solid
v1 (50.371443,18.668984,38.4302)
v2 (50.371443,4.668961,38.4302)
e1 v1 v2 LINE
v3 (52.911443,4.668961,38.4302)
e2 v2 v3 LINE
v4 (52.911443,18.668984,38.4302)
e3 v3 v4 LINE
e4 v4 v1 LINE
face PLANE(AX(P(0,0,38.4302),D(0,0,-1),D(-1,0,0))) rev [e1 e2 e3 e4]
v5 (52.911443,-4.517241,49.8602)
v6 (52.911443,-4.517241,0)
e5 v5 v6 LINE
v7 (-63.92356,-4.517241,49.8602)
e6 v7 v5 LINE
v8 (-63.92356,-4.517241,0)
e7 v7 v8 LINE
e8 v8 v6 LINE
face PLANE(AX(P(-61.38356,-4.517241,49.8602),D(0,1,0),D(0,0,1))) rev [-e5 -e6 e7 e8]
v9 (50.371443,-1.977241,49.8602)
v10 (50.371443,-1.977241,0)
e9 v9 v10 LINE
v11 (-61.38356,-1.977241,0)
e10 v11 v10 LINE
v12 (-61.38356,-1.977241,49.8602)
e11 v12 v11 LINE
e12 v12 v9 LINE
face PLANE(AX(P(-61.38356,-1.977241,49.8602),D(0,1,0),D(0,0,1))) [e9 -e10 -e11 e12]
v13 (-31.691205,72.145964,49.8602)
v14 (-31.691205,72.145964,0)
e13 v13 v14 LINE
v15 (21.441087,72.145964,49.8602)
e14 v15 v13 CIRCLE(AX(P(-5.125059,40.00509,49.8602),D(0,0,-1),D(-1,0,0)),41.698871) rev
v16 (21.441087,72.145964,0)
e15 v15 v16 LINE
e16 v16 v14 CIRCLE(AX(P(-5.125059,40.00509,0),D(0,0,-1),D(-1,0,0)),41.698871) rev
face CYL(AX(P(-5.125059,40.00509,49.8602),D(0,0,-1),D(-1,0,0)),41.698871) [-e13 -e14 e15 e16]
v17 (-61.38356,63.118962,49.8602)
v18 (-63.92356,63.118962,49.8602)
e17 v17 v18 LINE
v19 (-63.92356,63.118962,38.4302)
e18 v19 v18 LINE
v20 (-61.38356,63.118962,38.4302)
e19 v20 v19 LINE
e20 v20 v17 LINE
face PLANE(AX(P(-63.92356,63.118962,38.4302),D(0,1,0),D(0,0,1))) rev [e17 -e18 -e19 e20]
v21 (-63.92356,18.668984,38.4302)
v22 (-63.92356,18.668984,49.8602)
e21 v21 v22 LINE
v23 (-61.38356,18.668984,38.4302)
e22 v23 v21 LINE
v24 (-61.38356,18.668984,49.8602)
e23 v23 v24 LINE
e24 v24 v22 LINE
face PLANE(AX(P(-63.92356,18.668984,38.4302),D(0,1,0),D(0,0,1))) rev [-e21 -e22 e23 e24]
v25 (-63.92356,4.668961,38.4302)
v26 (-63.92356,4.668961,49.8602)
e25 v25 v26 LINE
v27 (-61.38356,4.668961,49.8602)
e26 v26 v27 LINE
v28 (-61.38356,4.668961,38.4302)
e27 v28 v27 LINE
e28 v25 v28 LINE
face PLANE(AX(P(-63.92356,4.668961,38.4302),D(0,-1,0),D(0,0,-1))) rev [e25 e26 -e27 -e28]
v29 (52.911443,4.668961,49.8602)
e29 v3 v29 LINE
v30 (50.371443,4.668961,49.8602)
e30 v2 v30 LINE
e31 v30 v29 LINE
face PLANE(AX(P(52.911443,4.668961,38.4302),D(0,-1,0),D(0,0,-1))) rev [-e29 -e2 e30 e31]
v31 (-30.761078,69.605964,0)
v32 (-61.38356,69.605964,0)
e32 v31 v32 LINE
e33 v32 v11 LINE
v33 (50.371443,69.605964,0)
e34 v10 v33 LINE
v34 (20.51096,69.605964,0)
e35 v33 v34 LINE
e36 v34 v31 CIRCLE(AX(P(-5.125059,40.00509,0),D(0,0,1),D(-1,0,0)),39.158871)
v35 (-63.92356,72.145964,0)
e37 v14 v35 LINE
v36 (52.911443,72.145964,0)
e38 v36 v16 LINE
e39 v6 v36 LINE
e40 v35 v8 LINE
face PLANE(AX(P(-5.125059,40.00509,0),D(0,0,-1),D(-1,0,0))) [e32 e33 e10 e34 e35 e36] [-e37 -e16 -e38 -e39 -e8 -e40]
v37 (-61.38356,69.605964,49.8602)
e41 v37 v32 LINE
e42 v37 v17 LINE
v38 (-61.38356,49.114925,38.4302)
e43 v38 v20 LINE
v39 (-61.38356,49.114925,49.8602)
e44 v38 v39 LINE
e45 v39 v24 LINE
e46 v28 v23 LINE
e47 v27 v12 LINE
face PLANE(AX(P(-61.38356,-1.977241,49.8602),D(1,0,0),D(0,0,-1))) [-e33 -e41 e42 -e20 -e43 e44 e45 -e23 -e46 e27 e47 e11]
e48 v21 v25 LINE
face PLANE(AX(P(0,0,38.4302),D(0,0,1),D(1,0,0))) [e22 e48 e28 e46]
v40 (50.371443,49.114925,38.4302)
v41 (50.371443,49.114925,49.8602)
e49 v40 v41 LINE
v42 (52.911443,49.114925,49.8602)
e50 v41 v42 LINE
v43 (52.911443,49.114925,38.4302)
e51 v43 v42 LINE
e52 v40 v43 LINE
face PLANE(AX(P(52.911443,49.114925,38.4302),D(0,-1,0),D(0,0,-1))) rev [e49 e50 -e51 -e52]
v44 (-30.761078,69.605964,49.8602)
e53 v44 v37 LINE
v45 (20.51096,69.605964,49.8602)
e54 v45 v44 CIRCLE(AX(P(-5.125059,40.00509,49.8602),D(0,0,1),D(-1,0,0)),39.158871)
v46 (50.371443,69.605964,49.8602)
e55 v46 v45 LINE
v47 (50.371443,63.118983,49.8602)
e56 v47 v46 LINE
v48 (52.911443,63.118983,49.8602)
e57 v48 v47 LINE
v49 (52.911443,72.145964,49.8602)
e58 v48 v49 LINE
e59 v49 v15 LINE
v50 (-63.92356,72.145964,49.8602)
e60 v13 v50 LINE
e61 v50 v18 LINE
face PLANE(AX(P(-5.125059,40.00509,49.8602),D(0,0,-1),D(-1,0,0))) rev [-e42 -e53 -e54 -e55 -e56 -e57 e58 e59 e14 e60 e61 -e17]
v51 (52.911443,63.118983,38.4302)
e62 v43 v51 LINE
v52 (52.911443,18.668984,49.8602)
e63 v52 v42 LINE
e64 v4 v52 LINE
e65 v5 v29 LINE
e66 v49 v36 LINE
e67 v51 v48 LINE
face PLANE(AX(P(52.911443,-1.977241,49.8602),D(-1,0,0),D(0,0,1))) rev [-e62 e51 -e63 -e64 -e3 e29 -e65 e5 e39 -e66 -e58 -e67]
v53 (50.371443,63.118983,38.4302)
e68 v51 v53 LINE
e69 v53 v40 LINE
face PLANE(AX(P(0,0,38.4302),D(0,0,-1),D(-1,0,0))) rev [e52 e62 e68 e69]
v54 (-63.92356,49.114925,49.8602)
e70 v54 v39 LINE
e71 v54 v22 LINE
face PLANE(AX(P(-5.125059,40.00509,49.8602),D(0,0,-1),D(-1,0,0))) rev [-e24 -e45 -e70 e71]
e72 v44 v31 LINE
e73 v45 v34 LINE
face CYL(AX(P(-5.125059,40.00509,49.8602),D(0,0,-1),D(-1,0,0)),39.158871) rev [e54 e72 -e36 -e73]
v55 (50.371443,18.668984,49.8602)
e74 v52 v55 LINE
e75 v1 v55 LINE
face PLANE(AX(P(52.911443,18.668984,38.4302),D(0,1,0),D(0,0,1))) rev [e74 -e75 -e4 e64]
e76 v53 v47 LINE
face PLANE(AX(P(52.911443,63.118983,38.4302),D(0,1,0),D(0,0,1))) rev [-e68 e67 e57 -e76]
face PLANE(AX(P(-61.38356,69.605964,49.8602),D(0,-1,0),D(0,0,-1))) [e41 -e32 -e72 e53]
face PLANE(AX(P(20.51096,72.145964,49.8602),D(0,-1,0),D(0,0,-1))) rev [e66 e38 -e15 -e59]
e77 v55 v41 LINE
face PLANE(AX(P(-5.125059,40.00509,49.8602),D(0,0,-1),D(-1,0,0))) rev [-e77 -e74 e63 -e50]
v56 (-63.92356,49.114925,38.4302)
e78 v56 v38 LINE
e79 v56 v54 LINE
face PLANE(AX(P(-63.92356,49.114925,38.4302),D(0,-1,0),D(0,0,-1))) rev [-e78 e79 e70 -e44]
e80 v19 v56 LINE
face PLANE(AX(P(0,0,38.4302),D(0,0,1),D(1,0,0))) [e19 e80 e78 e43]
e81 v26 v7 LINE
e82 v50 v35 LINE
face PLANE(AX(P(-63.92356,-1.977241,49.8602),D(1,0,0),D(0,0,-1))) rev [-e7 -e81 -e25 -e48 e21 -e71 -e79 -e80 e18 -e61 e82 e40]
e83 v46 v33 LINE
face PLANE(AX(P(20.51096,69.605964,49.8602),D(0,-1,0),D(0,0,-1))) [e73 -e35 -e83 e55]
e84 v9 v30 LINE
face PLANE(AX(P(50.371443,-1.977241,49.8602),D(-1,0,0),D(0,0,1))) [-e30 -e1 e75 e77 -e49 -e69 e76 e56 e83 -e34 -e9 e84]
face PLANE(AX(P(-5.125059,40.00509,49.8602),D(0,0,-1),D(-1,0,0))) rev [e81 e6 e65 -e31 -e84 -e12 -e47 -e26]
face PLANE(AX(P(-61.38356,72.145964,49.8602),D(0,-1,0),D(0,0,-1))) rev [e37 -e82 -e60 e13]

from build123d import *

# Parameters (mm, degrees)
BOSS_EXTRUDE2_DEPTH = 49.8602
SHELL2_T            = 2.54
SKETCH4_W           = 2.54
SKETCH4_H           = 14.004037607
SKETCH4_H_2         = 14.000022482
SKETCH4_H_3         = 14.004058035
CUT_EXTRUDE1_DEPTH  = 11.43


with BuildPart() as part:
    # Sketch2 → Boss-Extrude2 (new body)
    with BuildSketch(Plane.XY):
        with BuildLine():
            Line((20.510960331, 69.60596379), (50.371443222, 69.60596379))
            Line((50.371443222, 69.60596379), (50.371443222, -1.977240525))
            Line((50.371443222, -1.977240525), (-61.38356009, -1.977240525))
            Line((-61.38356009, -1.977240525), (-61.38356009, 69.60596379))
            Line((-61.38356009, 69.60596379), (-30.761077997, 69.60596379))
            ThreePointArc((-30.761077997, 69.60596379), (-5.125058833, 79.163961442), (20.510960331, 69.60596379))
        make_face()
    extrude(amount=BOSS_EXTRUDE2_DEPTH)

    # Shell2
    shell2_openings = [part.faces().sort_by_distance(p)[0] for p in [
        (-5.490717903, 35.411141446, 0),
        (-5.490717903, 35.411141446, 49.8602),
    ]]
    offset(amount=SHELL2_T, openings=shell2_openings, kind=Kind.INTERSECTION)

    # Sketch4 → Cut-Extrude1 (cut)
    with BuildSketch(Plane.XY.offset(49.8602)):
        with Locations((-62.65356009, 56.116943469)):
            Rectangle(SKETCH4_W, SKETCH4_H)
        with Locations((-62.65356009, 11.668972532)):
            Rectangle(SKETCH4_W, SKETCH4_H_2)
        with Locations((51.641443222, 56.116953683)):
            Rectangle(SKETCH4_W, SKETCH4_H_3)
        with Locations((51.641443222, 11.668972532)):
            Rectangle(SKETCH4_W, SKETCH4_H_2)
    extrude(amount=-CUT_EXTRUDE1_DEPTH, mode=Mode.SUBTRACT)


solid = part.part
